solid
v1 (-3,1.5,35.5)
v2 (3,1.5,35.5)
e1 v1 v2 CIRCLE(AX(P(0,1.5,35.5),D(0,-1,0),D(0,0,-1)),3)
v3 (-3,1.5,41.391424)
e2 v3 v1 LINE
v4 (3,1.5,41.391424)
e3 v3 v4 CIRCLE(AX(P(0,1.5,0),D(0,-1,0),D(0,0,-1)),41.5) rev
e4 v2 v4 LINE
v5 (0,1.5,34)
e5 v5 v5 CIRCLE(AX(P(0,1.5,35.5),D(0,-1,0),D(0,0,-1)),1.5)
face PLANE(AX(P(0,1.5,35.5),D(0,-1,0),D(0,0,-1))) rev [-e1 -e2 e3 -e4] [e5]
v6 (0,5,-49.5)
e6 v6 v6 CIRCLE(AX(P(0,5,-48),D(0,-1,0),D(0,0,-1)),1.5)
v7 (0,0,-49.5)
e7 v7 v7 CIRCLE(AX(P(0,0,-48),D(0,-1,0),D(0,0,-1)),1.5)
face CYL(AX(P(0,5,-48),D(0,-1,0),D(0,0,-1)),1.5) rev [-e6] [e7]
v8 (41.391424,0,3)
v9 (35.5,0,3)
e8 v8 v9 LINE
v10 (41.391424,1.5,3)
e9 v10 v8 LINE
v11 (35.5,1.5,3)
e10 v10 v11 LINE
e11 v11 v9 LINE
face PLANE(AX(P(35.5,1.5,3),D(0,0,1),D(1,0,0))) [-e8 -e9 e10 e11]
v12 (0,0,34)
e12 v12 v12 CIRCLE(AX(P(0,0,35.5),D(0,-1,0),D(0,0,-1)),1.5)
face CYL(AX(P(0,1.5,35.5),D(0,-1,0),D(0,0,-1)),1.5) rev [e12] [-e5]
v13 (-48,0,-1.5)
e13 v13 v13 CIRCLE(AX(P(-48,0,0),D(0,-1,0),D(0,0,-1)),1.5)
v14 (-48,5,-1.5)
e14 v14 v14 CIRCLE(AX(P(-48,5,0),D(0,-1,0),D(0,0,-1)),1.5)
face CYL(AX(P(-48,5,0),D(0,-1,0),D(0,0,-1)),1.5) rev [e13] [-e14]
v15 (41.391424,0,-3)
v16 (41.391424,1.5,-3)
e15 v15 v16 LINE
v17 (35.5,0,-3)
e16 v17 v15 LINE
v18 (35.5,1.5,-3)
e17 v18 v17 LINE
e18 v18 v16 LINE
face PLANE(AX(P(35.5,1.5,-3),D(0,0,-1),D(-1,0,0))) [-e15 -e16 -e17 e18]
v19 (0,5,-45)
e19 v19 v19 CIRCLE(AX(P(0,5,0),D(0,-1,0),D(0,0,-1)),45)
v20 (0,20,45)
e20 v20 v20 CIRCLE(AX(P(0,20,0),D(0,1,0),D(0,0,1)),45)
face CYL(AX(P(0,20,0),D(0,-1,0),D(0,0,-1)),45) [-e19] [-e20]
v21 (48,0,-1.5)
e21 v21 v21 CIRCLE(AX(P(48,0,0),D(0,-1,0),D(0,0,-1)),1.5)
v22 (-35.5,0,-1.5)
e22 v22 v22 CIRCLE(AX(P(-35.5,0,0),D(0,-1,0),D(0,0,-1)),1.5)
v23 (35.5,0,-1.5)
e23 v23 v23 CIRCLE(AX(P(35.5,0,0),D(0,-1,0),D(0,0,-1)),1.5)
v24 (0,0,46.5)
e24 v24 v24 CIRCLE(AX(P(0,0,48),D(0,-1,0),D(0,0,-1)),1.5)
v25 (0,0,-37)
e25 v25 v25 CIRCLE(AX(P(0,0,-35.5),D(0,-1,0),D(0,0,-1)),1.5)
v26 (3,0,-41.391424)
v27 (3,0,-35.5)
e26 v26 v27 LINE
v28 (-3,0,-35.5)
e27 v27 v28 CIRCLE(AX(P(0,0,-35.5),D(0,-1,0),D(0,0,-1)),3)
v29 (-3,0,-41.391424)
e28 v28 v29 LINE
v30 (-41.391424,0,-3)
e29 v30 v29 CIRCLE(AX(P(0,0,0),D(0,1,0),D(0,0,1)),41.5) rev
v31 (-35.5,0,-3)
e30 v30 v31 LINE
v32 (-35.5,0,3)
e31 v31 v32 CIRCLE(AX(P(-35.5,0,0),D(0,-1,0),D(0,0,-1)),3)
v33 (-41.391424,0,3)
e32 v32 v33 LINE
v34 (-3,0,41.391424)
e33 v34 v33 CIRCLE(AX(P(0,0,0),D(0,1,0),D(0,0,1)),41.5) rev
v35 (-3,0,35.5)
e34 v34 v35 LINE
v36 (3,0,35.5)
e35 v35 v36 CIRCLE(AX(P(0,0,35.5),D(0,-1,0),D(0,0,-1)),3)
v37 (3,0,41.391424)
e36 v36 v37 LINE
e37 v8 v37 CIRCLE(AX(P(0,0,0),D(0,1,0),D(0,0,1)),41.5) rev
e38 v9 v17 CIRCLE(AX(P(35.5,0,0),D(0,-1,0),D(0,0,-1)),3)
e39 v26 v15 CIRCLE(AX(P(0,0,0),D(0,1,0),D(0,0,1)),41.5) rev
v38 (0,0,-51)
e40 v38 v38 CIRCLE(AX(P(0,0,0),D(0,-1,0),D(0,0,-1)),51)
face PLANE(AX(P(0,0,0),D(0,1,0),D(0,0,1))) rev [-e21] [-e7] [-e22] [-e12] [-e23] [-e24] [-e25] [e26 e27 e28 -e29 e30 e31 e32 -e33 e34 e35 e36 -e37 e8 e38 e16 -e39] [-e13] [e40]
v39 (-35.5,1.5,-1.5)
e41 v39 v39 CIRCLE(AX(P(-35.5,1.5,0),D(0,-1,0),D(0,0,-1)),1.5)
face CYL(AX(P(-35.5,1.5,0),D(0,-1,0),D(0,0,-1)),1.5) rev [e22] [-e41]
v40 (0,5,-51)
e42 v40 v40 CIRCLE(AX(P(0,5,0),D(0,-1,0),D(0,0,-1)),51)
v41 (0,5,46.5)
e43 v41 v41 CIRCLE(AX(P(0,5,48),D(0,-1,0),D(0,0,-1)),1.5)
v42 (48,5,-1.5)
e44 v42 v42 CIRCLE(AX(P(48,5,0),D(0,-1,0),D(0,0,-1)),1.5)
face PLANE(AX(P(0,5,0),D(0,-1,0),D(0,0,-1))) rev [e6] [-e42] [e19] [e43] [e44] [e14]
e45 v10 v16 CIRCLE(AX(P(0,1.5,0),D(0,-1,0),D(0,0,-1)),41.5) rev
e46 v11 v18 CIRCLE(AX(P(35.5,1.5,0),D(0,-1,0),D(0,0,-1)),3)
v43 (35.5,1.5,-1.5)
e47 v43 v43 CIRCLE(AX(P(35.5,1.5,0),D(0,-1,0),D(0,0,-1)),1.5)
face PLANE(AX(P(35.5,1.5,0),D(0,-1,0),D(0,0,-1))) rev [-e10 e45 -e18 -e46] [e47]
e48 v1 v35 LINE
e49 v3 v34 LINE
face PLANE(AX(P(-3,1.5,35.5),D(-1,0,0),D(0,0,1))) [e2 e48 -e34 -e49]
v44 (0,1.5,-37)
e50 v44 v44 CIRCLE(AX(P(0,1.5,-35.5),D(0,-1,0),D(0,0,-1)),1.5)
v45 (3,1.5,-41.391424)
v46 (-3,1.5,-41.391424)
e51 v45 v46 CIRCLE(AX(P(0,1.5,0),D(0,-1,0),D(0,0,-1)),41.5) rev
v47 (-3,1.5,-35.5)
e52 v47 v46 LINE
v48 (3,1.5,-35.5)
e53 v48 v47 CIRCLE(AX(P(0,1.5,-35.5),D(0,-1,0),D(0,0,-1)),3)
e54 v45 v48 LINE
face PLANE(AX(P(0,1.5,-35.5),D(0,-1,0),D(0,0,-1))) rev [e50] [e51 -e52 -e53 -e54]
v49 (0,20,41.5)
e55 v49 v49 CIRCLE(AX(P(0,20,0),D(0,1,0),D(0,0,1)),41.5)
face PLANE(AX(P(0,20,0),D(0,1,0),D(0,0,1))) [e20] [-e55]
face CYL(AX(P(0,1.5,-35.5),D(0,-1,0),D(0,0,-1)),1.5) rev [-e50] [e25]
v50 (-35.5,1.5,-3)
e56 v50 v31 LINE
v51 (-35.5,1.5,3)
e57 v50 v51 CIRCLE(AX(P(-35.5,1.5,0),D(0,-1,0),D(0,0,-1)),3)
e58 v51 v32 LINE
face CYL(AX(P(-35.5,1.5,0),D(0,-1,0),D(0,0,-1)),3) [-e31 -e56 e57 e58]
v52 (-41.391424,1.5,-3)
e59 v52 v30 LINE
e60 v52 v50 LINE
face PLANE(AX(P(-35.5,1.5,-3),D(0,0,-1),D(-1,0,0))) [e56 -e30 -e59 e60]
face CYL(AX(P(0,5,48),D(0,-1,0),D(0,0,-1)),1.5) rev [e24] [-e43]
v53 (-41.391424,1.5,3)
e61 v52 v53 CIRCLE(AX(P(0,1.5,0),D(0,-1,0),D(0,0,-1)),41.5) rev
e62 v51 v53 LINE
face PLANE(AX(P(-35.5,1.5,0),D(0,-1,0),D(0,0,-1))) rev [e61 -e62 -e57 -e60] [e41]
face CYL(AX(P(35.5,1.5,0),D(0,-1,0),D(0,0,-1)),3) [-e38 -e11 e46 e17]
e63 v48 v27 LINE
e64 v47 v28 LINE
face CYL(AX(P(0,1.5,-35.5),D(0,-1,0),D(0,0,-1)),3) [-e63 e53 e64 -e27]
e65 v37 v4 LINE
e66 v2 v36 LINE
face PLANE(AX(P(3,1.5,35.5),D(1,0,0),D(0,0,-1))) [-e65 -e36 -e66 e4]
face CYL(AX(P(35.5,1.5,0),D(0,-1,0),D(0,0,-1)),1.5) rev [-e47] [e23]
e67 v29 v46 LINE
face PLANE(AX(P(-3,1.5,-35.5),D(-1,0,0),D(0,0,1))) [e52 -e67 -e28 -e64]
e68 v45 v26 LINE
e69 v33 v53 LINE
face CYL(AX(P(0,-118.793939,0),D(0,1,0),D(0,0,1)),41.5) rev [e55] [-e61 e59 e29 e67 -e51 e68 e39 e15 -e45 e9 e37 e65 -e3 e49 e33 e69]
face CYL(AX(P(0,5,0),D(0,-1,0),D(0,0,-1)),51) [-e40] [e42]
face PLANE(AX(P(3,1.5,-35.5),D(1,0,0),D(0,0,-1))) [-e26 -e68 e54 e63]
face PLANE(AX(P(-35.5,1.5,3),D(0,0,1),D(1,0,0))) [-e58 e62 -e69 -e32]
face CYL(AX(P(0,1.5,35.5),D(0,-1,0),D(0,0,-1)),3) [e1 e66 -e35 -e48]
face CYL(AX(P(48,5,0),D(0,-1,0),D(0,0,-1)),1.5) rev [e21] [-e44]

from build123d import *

# Parameters (mm, degrees)
SKETCH1_R           = 45
SKETCH1_R_2         = 42
BOSS_EXTRUDE1_DEPTH = 20
SKETCH2_R           = 51
SKETCH2_R_2         = 1.5
SKETCH2_R_3         = 45
BOSS_EXTRUDE2_DEPTH = 5
BOSS_EXTRUDE3_START = -20
SKETCH3_R           = 42
SKETCH3_R_2         = 41.5
BOSS_EXTRUDE3_DEPTH = 20
SKETCH5_R           = 1.5
BOSS_EXTRUDE4_DEPTH = 1.5


with BuildPart() as part:
    # Sketch1 → Boss-Extrude1 (new body)
    with BuildSketch(Plane(origin=(0, 0, 0), x_dir=(1, 0, 0), z_dir=(0, 1, 0))):
        with Locations(Location((0, 0, 0), (0, 0, 270))):
            Circle(SKETCH1_R)
        with Locations(Location((0, 0, 0), (0, 0, 270))):
            Circle(SKETCH1_R_2, mode=Mode.SUBTRACT)
    extrude(amount=BOSS_EXTRUDE1_DEPTH)

    # Sketch2 → Boss-Extrude2 (add)
    with BuildSketch(Plane.XZ):
        with Locations(Location((0, 0, 0), (0, 0, 270))):
            Circle(SKETCH2_R)
        with Locations(Location((0, -48, 0), (0, 0, 270))):
            Circle(SKETCH2_R_2, mode=Mode.SUBTRACT)
        with Locations(Location((-48, 0, 0), (0, 0, 270))):
            Circle(SKETCH2_R_2, mode=Mode.SUBTRACT)
        with Locations(Location((0, 0, 0), (0, 0, 270))):
            Circle(SKETCH2_R_3, mode=Mode.SUBTRACT)
        with BuildLine():
            ThreePointArc((49.5, 0), (48, -1.5), (46.5, 0))
            ThreePointArc((46.5, 0), (48, 1.5), (49.5, 0))
        make_face(mode=Mode.SUBTRACT)
        with Locations(Location((0, 48, 0), (0, 0, 270))):
            Circle(SKETCH2_R_2, mode=Mode.SUBTRACT)
    extrude(amount=-BOSS_EXTRUDE2_DEPTH)

    # Sketch3 → Boss-Extrude3 (add)
    with BuildSketch(Plane(origin=(0, 20, 0), x_dir=(1, 0, 0), z_dir=(0, 1, 0)).offset(BOSS_EXTRUDE3_START)):
        Circle(SKETCH3_R)
        with Locations(Location((0, 0, 0), (0, 0, 270))):
            Circle(SKETCH3_R_2, mode=Mode.SUBTRACT)
    extrude(amount=BOSS_EXTRUDE3_DEPTH)

    # Sketch5 → Boss-Extrude4 (add)
    # profile 1 of 4: a face of its own
    with BuildSketch(Plane.XZ):
        with BuildLine():
            Line((35.5, 3), (42.194384288, 3))
            Line((42.194384288, 3), (42.194384288, -3))
            Line((42.194384288, -3), (35.5, -3))
            ThreePointArc((35.5, -3), (32.5, 0), (35.5, 3))
        make_face()
        with Locations(Location((35.5, 0, 0), (0, 0, 270))):
            Circle(SKETCH5_R, mode=Mode.SUBTRACT)
    # profile 2 of 4: a face of its own
    with BuildSketch(Plane.XZ):
        with BuildLine():
            Line((-3, 35.5), (-3, 42.194384288))
            Line((-3, 42.194384288), (3, 42.194384288))
            Line((3, 42.194384288), (3, 35.5))
            ThreePointArc((3, 35.5), (0, 32.5), (-3, 35.5))
        make_face()
        with Locations(Location((0, 35.5, 0), (0, 0, 270))):
            Circle(SKETCH5_R, mode=Mode.SUBTRACT)
    # profile 3 of 4: a face of its own
    with BuildSketch(Plane.XZ):
        with BuildLine():
            Line((3, -35.5), (3, -42.194384288))
            Line((3, -42.194384288), (-3, -42.194384288))
            Line((-3, -42.194384288), (-3, -35.5))
            ThreePointArc((-3, -35.5), (0, -32.5), (3, -35.5))
        make_face()
        with Locations(Location((0, -35.5, 0), (0, 0, 270))):
            Circle(SKETCH5_R, mode=Mode.SUBTRACT)
    # profile 4 of 4: a face of its own
    with BuildSketch(Plane.XZ):
        with BuildLine():
            Line((-35.5, -3), (-42.194384288, -3))
            Line((-42.194384288, -3), (-42.194384288, 3))
            Line((-42.194384288, 3), (-35.5, 3))
            ThreePointArc((-35.5, 3), (-32.5, 0), (-35.5, -3))
        make_face()
        with Locations(Location((-35.5, 0, 0), (0, 0, 270))):
            Circle(SKETCH5_R, mode=Mode.SUBTRACT)
    extrude(amount=-BOSS_EXTRUDE4_DEPTH)


solid = part.part
